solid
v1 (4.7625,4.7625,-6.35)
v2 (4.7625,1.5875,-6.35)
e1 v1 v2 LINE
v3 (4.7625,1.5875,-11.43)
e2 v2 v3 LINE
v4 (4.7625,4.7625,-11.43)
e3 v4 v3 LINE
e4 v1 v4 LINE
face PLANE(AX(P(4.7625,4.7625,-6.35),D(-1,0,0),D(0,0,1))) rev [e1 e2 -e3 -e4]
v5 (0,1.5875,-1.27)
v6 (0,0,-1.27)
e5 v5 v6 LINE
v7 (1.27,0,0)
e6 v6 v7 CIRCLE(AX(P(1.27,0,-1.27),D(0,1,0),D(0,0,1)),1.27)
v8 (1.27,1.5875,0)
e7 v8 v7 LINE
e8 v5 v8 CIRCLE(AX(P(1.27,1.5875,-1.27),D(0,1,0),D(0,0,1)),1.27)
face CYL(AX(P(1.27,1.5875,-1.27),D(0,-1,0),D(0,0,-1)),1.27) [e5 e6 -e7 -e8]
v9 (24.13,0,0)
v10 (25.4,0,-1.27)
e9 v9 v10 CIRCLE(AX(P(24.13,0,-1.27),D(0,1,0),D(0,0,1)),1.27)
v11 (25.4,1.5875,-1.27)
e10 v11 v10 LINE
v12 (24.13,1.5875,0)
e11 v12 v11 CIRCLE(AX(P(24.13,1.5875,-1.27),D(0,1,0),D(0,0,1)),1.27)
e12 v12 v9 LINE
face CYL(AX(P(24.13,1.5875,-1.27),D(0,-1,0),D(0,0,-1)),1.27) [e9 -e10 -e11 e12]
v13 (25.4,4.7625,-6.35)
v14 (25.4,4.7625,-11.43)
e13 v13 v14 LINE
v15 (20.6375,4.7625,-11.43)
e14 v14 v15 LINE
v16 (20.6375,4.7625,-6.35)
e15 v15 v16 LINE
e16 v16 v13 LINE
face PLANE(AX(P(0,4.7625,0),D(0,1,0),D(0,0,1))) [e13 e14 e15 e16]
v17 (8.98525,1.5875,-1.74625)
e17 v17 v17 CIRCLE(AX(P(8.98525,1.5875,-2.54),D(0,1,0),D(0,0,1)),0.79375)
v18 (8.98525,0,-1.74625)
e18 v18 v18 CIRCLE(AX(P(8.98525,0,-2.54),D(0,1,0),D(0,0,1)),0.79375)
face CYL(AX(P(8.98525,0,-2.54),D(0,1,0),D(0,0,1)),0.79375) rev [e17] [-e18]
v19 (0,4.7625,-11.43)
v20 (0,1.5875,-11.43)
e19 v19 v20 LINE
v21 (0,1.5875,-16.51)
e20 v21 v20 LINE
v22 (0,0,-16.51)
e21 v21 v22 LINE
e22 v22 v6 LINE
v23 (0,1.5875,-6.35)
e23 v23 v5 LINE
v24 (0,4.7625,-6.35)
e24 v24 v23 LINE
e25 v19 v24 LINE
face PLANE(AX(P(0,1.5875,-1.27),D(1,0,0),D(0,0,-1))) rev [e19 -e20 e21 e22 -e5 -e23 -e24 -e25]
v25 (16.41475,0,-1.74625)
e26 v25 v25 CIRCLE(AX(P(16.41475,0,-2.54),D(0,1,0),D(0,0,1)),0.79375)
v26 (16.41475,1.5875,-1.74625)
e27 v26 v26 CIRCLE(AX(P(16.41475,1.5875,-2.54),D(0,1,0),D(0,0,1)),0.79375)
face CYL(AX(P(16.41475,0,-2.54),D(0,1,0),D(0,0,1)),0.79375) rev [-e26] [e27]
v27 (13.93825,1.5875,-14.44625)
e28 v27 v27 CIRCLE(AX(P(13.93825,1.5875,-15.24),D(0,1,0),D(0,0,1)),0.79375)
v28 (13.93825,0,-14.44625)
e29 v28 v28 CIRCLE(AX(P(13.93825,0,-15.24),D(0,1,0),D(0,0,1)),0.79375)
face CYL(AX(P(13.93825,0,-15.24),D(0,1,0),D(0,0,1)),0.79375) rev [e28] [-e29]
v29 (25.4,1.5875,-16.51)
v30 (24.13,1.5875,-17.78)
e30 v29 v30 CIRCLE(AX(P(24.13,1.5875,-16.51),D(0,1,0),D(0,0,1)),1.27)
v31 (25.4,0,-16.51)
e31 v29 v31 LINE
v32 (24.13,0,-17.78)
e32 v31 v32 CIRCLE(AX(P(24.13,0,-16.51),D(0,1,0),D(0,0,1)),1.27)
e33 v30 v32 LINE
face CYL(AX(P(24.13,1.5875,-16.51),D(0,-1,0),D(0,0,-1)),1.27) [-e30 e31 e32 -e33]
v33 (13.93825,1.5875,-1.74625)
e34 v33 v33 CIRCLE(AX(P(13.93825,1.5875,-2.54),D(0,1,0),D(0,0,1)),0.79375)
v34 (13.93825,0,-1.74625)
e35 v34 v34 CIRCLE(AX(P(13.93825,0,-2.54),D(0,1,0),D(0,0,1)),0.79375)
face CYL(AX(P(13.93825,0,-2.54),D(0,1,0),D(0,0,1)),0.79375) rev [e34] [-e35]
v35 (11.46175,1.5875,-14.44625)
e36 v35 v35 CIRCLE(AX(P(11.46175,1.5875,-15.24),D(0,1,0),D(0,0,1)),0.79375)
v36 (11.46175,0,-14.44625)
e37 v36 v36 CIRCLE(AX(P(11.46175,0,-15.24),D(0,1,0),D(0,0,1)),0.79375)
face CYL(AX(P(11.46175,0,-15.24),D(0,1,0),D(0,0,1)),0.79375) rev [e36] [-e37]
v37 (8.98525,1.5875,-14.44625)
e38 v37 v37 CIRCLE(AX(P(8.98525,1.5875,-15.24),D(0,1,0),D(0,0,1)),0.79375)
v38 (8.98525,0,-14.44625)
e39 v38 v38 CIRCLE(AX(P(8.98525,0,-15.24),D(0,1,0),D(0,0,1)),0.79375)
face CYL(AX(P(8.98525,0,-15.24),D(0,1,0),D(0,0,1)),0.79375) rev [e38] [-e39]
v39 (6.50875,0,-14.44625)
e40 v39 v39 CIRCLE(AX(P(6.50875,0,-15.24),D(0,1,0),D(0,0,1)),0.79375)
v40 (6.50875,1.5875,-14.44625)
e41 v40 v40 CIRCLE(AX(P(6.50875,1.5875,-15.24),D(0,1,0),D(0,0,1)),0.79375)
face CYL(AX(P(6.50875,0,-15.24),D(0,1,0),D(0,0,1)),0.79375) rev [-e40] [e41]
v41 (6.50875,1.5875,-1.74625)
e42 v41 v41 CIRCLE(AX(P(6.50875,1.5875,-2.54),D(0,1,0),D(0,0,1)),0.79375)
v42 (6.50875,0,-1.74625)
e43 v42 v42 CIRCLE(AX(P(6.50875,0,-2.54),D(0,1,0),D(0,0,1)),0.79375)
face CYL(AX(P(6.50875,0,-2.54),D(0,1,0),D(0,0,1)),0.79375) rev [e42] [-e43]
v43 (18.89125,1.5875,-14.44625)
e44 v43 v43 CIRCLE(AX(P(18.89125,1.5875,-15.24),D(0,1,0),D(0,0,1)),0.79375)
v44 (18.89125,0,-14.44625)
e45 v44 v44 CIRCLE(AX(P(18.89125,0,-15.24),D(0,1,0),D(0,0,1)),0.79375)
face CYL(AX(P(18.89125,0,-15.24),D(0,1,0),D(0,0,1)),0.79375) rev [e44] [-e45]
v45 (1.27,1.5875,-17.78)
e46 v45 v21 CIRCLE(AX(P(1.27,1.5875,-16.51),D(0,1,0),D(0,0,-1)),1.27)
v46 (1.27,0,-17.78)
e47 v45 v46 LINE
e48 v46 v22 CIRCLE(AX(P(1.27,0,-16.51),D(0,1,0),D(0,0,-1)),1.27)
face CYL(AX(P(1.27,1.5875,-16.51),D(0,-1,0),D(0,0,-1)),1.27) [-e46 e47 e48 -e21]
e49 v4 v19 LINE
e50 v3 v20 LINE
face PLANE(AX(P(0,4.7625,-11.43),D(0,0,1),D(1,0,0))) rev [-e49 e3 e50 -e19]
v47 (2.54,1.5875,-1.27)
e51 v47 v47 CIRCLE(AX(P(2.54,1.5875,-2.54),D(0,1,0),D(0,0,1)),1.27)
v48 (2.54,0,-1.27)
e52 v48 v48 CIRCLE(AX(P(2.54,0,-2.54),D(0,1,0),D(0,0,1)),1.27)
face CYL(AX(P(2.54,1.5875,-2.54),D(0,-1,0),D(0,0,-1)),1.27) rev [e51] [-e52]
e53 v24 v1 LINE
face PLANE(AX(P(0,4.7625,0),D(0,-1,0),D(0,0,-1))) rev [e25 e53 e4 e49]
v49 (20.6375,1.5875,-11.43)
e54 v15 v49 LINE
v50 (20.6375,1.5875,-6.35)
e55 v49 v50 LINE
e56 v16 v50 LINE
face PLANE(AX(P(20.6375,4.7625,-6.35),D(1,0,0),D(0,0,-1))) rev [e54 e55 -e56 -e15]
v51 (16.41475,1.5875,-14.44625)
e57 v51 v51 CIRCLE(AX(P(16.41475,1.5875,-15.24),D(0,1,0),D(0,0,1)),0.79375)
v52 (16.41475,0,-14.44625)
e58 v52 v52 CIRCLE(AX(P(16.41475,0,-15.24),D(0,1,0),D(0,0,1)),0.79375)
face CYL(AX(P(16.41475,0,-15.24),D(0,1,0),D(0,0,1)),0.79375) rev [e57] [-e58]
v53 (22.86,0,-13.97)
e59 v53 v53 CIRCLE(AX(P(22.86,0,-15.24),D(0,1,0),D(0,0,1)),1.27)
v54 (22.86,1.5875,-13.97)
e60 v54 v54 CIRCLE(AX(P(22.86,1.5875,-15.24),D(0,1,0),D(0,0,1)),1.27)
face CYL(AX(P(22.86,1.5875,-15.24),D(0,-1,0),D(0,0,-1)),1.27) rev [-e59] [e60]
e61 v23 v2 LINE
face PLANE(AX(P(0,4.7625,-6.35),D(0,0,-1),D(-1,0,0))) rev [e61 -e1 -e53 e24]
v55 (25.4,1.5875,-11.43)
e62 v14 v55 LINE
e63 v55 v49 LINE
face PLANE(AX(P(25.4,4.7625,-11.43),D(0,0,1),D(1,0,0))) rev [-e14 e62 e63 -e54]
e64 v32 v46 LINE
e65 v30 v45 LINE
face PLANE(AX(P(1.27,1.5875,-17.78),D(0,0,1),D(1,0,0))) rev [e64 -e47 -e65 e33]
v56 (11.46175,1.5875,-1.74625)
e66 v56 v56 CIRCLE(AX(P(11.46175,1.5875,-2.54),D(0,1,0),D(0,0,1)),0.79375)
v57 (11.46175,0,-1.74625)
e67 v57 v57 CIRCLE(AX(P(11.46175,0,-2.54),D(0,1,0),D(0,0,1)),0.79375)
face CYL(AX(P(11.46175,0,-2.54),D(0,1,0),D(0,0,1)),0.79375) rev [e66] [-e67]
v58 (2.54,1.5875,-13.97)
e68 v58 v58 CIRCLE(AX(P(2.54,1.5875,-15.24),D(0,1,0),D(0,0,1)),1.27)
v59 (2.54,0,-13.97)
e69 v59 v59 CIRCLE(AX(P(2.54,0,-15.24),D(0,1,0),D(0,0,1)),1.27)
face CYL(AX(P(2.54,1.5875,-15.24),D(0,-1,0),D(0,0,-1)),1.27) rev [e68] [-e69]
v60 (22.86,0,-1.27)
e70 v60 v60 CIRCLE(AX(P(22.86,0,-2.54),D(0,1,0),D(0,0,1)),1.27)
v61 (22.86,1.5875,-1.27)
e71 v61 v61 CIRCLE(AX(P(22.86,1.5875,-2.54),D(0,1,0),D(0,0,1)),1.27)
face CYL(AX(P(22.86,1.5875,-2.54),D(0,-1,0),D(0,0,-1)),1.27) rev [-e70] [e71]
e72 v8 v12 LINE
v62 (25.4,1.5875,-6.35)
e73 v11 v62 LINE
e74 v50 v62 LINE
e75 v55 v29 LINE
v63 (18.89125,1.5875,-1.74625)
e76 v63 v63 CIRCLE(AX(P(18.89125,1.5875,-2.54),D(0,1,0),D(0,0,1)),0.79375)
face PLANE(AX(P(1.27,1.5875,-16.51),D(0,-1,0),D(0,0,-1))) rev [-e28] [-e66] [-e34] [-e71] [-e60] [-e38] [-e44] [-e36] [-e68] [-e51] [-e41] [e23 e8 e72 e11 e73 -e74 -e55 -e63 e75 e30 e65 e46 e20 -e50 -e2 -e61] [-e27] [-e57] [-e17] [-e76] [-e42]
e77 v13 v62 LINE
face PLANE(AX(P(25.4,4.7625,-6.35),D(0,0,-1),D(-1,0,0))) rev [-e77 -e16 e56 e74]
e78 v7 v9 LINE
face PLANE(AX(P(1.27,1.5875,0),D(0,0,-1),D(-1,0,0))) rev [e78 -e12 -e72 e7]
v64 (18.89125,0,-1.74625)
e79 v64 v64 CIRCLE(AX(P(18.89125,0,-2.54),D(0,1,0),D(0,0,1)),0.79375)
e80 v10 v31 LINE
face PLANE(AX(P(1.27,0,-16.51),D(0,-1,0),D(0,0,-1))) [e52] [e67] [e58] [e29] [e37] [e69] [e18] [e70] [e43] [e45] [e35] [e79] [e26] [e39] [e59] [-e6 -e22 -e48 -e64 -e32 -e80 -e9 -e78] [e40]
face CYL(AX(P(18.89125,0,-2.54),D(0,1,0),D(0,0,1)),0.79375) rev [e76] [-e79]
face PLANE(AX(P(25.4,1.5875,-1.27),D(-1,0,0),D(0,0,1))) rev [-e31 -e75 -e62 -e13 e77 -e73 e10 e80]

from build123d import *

# Parameters (mm, degrees)
SKETCH1_R           = 1.27
BOSS_EXTRUDE1_DEPTH = 1.5875
SKETCH2_R           = 0.79375
CUT_EXTRUDE1_DEPTH  = 1.5875
SKETCH4_W           = 4.7625
SKETCH4_H           = 5.08
BOSS_EXTRUDE2_DEPTH = 3.175


with BuildPart() as part:
    # Sketch1 → Boss-Extrude1 (new body)
    with BuildSketch(Plane(origin=(0, 0, 0), x_dir=(1, 0, 0), z_dir=(0, 1, 0))):
        with BuildLine():
            Line((1.27, 0), (24.13, 0))
            ThreePointArc((24.13, 0), (25.028025612, 0.371974388), (25.4, 1.27))
            Line((25.4, 1.27), (25.4, 16.51))
            ThreePointArc((25.4, 16.51), (25.028025612, 17.408025612), (24.13, 17.78))
            Line((24.13, 17.78), (1.27, 17.78))
            ThreePointArc((1.27, 17.78), (0.371974388, 17.408025612), (0, 16.51))
            Line((0, 16.51), (0, 1.27))
            ThreePointArc((0, 1.27), (0.371974388, 0.371974388), (1.27, 0))
        make_face()
        with Locations((2.54, 15.24)):
            Circle(SKETCH1_R, mode=Mode.SUBTRACT)
        with Locations((22.86, 15.24)):
            Circle(SKETCH1_R, mode=Mode.SUBTRACT)
        with Locations((22.86, 2.54)):
            Circle(SKETCH1_R, mode=Mode.SUBTRACT)
        with Locations((2.54, 2.54)):
            Circle(SKETCH1_R, mode=Mode.SUBTRACT)
    extrude(amount=BOSS_EXTRUDE1_DEPTH)

    # Sketch2 → Cut-Extrude1 (cut)
    with BuildSketch(Plane(origin=(0, 1.5875, 0), x_dir=(1, 0, 0), z_dir=(0, 1, 0))):
        with Locations((6.50875, 15.24)):
            Circle(SKETCH2_R)
        with Locations((8.98525, 15.24)):
            Circle(SKETCH2_R)
        with Locations((11.46175, 15.24)):
            Circle(SKETCH2_R)
        with Locations((13.93825, 15.24)):
            Circle(SKETCH2_R)
        with Locations((16.41475, 15.24)):
            Circle(SKETCH2_R)
        with Locations((18.89125, 15.24)):
            Circle(SKETCH2_R)
        with Locations((6.50875, 2.54)):
            Circle(SKETCH2_R)
        with Locations((8.98525, 2.54)):
            Circle(SKETCH2_R)
        with Locations((11.46175, 2.54)):
            Circle(SKETCH2_R)
        with Locations((13.93825, 2.54)):
            Circle(SKETCH2_R)
        with Locations((16.41475, 2.54)):
            Circle(SKETCH2_R)
        with Locations((18.89125, 2.54)):
            Circle(SKETCH2_R)
    extrude(amount=-CUT_EXTRUDE1_DEPTH, mode=Mode.SUBTRACT)

    # Sketch4 → Boss-Extrude2 (add)
    with BuildSketch(Plane(origin=(0, 1.5875, 0), x_dir=(1, 0, 0), z_dir=(0, 1, 0))):
        with Locations((23.01875, 8.89)):
            Rectangle(SKETCH4_W, SKETCH4_H)
        with Locations((2.38125, 8.89)):
            Rectangle(SKETCH4_W, SKETCH4_H)
    extrude(amount=BOSS_EXTRUDE2_DEPTH)


solid = part.part
